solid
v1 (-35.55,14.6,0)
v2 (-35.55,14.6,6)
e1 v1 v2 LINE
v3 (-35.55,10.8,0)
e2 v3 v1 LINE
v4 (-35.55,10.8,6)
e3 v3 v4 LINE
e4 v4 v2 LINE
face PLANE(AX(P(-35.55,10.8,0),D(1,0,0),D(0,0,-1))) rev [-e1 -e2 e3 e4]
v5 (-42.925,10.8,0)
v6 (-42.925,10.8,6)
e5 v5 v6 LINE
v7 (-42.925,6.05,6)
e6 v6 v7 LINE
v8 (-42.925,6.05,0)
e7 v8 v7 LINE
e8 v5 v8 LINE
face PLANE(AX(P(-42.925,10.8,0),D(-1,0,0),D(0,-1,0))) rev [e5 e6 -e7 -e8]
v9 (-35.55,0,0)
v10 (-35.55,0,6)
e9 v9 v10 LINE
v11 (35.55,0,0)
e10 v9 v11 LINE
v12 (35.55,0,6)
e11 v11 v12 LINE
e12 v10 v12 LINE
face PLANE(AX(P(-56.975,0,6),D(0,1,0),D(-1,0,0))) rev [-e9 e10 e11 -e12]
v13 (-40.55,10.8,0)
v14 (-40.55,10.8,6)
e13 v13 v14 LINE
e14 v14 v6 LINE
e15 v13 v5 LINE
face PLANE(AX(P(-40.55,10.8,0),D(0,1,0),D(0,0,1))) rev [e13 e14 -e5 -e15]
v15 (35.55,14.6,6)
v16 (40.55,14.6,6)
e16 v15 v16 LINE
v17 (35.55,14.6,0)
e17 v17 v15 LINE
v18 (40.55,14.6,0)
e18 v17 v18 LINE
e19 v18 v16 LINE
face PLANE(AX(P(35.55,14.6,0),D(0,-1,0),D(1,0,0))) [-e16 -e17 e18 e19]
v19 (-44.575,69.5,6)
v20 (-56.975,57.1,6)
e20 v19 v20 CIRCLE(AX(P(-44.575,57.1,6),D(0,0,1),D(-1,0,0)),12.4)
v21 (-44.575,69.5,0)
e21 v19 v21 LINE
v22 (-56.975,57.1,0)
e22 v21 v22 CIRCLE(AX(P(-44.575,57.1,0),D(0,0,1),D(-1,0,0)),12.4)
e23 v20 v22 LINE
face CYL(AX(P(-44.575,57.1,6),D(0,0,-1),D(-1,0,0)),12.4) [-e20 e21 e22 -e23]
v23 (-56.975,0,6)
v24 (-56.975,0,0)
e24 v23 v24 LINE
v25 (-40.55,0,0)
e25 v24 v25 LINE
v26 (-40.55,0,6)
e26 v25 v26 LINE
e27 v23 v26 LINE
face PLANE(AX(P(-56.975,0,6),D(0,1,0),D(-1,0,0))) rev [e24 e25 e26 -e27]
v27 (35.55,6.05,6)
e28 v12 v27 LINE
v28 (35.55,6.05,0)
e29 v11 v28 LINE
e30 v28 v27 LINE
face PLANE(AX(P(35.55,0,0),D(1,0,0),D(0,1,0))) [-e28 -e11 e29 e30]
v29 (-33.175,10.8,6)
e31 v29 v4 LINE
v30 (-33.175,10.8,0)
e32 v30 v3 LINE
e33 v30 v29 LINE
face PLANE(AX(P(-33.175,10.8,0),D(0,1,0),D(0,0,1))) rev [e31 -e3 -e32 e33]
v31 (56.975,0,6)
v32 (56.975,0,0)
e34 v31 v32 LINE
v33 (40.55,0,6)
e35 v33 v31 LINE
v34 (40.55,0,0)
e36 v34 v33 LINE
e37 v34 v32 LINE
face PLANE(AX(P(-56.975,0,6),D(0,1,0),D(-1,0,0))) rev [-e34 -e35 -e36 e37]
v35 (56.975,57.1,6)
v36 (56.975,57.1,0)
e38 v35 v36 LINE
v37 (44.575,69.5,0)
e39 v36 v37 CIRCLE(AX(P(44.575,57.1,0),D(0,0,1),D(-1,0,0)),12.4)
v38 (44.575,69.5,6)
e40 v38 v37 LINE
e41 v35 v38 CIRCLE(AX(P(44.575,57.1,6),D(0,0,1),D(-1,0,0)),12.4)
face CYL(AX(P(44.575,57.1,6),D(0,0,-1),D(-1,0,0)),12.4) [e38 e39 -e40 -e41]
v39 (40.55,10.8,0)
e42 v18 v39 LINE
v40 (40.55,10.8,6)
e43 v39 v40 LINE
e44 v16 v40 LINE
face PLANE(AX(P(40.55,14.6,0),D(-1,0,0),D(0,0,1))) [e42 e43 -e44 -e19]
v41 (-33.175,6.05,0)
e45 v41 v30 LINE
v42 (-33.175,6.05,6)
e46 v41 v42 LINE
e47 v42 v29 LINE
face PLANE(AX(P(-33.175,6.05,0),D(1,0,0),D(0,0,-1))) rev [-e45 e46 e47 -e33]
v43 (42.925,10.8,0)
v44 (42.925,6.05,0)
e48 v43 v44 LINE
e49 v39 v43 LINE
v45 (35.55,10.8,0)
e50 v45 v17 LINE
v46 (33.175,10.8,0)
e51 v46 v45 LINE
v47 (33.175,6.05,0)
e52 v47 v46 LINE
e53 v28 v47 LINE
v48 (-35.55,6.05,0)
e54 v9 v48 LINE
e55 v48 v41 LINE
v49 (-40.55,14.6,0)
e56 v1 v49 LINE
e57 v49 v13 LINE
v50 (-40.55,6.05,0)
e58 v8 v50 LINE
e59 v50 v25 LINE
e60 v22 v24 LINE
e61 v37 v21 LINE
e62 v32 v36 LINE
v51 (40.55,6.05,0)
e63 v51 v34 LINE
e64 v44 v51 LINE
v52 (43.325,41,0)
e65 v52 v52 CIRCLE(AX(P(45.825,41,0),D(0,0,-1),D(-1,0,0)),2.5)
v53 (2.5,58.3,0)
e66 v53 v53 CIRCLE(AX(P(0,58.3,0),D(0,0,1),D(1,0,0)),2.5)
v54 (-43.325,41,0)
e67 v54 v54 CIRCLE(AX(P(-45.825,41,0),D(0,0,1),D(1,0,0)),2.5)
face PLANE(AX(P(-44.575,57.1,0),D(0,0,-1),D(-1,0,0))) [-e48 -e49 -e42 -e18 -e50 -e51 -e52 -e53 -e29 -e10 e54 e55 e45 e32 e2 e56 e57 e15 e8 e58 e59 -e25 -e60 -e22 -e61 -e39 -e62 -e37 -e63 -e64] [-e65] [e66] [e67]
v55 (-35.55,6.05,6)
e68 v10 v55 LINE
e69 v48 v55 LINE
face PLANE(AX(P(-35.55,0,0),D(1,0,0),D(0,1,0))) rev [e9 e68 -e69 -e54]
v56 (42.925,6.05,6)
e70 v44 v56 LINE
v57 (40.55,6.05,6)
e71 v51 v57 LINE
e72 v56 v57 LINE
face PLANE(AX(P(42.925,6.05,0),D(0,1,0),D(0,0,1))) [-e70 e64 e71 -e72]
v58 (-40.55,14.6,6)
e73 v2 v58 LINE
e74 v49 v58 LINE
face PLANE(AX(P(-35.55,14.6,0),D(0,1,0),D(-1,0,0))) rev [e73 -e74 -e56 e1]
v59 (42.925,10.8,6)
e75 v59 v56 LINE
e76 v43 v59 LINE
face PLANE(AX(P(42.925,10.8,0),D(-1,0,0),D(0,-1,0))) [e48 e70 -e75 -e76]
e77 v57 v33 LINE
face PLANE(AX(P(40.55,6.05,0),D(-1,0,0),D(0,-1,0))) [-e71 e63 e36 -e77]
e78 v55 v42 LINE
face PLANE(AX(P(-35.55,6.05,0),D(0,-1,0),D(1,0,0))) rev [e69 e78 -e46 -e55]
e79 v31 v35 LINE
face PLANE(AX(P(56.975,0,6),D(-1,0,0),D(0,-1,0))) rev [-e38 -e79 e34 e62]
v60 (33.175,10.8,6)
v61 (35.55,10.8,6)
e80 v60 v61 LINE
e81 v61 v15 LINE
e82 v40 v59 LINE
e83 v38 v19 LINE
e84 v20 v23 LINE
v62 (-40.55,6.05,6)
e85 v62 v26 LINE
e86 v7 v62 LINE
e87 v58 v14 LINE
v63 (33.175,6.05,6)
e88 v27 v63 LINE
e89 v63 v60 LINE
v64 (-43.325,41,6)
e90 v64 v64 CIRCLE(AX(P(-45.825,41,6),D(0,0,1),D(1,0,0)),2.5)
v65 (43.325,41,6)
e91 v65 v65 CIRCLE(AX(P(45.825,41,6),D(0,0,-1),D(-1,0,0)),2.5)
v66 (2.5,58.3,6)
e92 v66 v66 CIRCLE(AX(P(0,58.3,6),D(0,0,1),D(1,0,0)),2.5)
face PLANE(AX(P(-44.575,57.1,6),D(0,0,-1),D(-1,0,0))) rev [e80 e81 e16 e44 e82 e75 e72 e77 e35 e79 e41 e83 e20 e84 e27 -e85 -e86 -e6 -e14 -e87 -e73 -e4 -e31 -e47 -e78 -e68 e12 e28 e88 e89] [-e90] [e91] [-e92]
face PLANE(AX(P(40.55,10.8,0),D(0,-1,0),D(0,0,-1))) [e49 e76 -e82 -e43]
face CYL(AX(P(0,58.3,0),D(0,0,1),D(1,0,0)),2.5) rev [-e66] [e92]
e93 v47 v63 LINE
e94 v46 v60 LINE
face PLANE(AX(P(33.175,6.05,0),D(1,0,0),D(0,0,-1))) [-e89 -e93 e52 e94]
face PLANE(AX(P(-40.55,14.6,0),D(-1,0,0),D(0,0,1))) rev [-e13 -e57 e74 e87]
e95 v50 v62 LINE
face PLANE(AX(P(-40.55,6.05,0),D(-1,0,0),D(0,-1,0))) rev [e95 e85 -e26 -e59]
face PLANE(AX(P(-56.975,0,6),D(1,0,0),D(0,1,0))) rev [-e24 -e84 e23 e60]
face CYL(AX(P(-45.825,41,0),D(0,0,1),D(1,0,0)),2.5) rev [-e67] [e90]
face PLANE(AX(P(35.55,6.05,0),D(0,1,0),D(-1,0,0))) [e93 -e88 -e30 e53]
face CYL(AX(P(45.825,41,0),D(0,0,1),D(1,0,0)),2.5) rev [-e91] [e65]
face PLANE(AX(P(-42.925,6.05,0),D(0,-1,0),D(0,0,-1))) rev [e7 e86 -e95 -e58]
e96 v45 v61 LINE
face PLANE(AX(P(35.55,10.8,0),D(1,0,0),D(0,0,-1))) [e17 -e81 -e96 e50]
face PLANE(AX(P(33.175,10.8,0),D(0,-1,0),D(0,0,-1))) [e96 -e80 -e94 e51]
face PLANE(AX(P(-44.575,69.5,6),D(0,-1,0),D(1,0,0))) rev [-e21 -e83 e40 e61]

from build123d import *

# Parameters (mm, degrees)
BOSS_EXTRUDE1_DEPTH = 6
CUT_EXTRUDE1_DEPTH  = 91.068866014
SKETCH4_R           = 2.5
HOLE1_DEPTH         = 91.068866014
SKETCH5_R           = 2.5
HOLE2_DEPTH         = 91.068866014


with BuildPart() as part:
    # Sketch2 → Boss-Extrude1 (new body)
    with BuildSketch(Plane.XY):
        with BuildLine():
            Line((-56.975, 0), (56.975, 0))
            Line((56.975, 0), (56.975, 57.1))
            ThreePointArc((56.975, 57.1), (53.343124087, 65.868124087), (44.575, 69.5))
            Line((44.575, 69.5), (-44.575, 69.5))
            ThreePointArc((-44.575, 69.5), (-53.343124087, 65.868124087), (-56.975, 57.1))
            Line((-56.975, 57.1), (-56.975, 0))
        make_face()
    extrude(amount=BOSS_EXTRUDE1_DEPTH)

    # Sketch3 → Cut-Extrude1 (cut, through all)
    with BuildSketch(Plane.XY.offset(6)):
        Polygon((-40.55, 0), (-35.55, 0), (-35.55, 6.05), (-33.175, 6.05), (-33.175, 10.8), (-35.55, 10.8), (-35.55, 14.6), (-40.55, 14.6), (-40.55, 10.8), (-42.925, 10.8), (-42.925, 6.05), (-40.55, 6.05), align=None)
    cut_extrude1 = extrude(amount=-CUT_EXTRUDE1_DEPTH, mode=Mode.SUBTRACT)

    # Sketch4 → Hole1 (cut, through all)
    with BuildSketch(Plane.XY.offset(6)):
        with Locations((-45.825, 41)):
            Circle(SKETCH4_R)
    hole1 = extrude(amount=-HOLE1_DEPTH, mode=Mode.SUBTRACT)

    # Sketch5 → Hole2 (cut, through all)
    with BuildSketch(Plane.XY.offset(6)):
        with Locations((0, 58.3)):
            Circle(SKETCH5_R)
    extrude(amount=-HOLE2_DEPTH, mode=Mode.SUBTRACT)

    # Mirror1: Cut-Extrude1, Hole1 across plane
    add(cut_extrude1.mirror(Plane(origin=(0, 0, 0), x_dir=(0, 0, 1), z_dir=(1, 0, 0))), mode=Mode.SUBTRACT)
    add(hole1.mirror(Plane(origin=(0, 0, 0), x_dir=(0, 0, 1), z_dir=(1, 0, 0))), mode=Mode.SUBTRACT)


solid = part.part
